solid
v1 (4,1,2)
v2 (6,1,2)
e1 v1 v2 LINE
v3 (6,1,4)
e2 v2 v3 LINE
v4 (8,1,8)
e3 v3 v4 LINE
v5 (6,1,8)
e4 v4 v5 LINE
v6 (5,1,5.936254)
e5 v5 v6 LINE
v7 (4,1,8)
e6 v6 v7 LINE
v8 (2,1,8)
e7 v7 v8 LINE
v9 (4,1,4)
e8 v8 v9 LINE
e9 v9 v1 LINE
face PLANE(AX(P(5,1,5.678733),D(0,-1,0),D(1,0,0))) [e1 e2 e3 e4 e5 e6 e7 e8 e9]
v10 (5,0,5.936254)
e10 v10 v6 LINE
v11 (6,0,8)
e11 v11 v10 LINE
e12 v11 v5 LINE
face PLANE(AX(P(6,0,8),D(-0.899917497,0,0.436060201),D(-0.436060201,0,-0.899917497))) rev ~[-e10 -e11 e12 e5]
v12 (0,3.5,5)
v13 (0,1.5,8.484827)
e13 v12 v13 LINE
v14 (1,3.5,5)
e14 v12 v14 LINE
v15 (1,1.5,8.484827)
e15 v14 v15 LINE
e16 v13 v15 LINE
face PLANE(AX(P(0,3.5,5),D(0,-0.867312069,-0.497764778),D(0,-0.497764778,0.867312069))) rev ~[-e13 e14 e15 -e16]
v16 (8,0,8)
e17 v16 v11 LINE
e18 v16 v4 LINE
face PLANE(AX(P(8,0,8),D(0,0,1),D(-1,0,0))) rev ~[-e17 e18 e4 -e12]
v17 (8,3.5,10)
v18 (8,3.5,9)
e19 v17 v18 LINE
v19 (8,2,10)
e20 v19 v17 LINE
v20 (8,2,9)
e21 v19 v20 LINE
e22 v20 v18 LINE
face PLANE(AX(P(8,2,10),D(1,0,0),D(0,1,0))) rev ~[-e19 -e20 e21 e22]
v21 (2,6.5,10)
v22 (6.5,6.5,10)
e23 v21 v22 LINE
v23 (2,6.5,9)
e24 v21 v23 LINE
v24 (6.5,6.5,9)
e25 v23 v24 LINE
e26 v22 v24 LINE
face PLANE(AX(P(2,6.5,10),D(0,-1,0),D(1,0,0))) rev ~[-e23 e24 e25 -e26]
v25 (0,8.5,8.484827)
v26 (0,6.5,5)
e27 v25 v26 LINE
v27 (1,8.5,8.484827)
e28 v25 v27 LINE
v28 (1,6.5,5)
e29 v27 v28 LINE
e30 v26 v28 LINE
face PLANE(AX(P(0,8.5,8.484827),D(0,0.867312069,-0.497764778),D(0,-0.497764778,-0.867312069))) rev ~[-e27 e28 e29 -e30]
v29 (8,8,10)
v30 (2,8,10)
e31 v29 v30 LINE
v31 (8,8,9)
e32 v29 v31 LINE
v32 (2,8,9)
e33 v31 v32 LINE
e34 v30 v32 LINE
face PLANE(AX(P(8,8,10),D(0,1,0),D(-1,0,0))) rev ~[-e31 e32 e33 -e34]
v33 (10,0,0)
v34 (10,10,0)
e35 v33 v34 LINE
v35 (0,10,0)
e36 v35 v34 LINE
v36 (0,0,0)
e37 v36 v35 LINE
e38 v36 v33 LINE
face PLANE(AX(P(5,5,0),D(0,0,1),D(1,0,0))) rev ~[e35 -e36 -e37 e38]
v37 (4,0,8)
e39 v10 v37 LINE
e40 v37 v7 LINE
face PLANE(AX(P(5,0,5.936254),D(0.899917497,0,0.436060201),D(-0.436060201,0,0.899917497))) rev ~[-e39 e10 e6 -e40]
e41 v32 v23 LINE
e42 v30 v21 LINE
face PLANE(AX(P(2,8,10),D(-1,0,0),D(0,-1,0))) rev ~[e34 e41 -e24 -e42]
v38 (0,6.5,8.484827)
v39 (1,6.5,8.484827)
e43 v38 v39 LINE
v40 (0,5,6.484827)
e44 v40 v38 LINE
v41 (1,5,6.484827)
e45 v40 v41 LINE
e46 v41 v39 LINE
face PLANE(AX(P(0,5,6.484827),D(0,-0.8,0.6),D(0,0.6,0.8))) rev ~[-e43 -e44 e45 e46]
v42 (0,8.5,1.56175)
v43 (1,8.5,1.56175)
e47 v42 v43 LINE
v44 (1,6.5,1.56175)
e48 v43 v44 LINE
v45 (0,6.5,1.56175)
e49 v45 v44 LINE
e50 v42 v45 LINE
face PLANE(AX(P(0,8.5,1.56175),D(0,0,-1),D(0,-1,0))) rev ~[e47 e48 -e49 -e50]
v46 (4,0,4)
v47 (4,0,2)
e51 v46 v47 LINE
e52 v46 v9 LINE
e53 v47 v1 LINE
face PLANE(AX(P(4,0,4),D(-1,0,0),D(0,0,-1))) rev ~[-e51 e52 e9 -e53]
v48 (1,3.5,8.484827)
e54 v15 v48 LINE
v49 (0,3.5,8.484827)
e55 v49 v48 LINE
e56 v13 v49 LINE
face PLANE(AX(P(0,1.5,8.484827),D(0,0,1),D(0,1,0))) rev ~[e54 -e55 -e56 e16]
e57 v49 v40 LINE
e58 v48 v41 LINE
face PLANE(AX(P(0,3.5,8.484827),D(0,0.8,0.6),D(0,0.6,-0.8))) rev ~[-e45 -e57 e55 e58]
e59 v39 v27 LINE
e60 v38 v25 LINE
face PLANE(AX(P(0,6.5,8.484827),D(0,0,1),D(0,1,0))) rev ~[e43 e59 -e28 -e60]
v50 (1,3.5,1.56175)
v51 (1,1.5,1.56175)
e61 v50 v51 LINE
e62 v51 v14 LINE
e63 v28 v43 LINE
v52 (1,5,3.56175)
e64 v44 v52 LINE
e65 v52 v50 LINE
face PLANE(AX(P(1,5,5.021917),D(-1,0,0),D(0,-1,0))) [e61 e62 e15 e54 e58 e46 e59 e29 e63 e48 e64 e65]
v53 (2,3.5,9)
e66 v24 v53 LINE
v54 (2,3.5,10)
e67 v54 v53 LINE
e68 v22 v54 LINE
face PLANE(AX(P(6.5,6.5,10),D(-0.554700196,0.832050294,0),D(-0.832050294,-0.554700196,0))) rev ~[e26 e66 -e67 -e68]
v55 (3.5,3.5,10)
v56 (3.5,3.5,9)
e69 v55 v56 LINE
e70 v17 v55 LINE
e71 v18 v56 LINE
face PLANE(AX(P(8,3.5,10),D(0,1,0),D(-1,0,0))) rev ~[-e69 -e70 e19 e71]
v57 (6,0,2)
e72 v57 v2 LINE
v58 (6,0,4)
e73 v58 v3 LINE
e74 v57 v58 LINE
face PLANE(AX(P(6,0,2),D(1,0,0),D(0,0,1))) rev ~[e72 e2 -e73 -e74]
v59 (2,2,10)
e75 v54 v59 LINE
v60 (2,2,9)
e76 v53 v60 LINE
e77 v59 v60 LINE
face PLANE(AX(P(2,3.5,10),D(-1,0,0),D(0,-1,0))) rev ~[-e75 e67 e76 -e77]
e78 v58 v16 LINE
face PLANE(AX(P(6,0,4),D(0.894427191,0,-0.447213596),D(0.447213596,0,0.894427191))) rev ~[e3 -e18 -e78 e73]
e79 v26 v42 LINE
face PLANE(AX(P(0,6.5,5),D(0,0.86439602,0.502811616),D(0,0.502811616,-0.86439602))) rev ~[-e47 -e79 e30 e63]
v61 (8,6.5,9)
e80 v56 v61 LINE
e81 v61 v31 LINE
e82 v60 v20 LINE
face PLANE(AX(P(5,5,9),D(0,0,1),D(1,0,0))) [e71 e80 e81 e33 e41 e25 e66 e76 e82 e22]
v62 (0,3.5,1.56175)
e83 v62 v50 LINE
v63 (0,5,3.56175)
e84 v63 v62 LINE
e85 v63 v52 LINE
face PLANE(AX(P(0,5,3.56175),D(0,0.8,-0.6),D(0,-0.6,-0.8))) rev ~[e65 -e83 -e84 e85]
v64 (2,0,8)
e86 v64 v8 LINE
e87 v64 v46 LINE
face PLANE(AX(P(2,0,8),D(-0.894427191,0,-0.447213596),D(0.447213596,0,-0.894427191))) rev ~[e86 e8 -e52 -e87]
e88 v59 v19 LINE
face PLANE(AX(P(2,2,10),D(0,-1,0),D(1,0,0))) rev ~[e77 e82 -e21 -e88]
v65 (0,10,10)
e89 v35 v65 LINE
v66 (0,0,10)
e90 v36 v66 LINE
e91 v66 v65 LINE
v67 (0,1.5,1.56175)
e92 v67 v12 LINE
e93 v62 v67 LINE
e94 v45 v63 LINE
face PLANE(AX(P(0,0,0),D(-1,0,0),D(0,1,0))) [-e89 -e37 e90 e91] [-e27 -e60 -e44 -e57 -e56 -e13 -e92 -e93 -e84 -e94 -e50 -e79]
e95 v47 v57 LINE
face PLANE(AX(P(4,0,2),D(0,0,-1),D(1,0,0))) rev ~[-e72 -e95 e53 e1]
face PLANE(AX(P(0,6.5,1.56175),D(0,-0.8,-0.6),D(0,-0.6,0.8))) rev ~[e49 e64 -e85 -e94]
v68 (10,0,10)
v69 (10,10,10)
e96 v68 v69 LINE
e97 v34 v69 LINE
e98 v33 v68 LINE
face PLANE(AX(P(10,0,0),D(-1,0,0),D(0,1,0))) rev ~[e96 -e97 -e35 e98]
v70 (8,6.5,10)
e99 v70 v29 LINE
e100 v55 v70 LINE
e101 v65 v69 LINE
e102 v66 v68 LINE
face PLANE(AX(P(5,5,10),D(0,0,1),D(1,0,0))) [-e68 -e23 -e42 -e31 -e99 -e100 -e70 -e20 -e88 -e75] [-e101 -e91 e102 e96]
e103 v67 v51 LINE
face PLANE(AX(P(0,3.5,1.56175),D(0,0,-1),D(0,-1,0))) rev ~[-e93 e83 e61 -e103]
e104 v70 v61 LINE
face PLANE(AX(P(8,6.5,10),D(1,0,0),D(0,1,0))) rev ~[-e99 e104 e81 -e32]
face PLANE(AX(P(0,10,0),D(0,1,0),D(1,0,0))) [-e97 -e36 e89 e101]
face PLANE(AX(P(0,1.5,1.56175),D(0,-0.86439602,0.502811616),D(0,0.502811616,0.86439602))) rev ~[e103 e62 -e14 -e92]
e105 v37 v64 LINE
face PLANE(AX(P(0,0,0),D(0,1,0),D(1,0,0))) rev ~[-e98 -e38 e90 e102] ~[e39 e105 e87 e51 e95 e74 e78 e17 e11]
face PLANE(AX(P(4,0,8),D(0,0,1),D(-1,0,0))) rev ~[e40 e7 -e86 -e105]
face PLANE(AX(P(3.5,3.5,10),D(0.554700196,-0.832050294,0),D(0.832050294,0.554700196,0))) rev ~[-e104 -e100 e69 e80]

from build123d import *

# Parameters (mm, degrees)
F0_W     = 10
F0_H     = 10
F1_DEPTH = 10
F3_DEPTH = 1
F5_DEPTH = 1
F7_DEPTH = 1


with BuildPart() as f1:
    # F0 (on Top) → F1 (new body)
    with BuildSketch(Plane.XY):
        with Locations((5, 5)):
            Rectangle(F0_W, F0_H)
    extrude(amount=F1_DEPTH)

    # F2 (on face) → F3 (cut)
    with BuildSketch(Plane.XZ):
        Polygon((4, 8), (2, 8), (4, 4), (4, 2), (6, 2), (6, 4), (8, 8), (6, 8), (5, 5.936254), align=None)
    extrude(amount=-F3_DEPTH, mode=Mode.SUBTRACT)

    # F4 (on face) → F5 (cut)
    with BuildSketch(Plane(origin=(0, 0, 0), x_dir=(0, -1, 0), z_dir=(-1, 0, 0))):
        Polygon((-6.5, 8.484827), (-8.5, 8.484827), (-6.5, 5), (-8.5, 1.56175), (-6.5, 1.56175), (-5, 3.56175), (-3.5, 1.56175), (-1.5, 1.56175), (-3.5, 5), (-1.5, 8.484827), (-3.5, 8.484827), (-5, 6.484827), align=None)
    extrude(amount=-F5_DEPTH, mode=Mode.SUBTRACT)

    # F6 (on face) → F7 (cut)
    with BuildSketch(Plane.XY.offset(10)):
        Polygon((8, 8), (2, 8), (2, 6.5), (6.5, 6.5), (2, 3.5), (2, 2), (8, 2), (8, 3.5), (3.5, 3.5), (8, 6.5), align=None)
    extrude(amount=-F7_DEPTH, mode=Mode.SUBTRACT)


solid = f1.part
